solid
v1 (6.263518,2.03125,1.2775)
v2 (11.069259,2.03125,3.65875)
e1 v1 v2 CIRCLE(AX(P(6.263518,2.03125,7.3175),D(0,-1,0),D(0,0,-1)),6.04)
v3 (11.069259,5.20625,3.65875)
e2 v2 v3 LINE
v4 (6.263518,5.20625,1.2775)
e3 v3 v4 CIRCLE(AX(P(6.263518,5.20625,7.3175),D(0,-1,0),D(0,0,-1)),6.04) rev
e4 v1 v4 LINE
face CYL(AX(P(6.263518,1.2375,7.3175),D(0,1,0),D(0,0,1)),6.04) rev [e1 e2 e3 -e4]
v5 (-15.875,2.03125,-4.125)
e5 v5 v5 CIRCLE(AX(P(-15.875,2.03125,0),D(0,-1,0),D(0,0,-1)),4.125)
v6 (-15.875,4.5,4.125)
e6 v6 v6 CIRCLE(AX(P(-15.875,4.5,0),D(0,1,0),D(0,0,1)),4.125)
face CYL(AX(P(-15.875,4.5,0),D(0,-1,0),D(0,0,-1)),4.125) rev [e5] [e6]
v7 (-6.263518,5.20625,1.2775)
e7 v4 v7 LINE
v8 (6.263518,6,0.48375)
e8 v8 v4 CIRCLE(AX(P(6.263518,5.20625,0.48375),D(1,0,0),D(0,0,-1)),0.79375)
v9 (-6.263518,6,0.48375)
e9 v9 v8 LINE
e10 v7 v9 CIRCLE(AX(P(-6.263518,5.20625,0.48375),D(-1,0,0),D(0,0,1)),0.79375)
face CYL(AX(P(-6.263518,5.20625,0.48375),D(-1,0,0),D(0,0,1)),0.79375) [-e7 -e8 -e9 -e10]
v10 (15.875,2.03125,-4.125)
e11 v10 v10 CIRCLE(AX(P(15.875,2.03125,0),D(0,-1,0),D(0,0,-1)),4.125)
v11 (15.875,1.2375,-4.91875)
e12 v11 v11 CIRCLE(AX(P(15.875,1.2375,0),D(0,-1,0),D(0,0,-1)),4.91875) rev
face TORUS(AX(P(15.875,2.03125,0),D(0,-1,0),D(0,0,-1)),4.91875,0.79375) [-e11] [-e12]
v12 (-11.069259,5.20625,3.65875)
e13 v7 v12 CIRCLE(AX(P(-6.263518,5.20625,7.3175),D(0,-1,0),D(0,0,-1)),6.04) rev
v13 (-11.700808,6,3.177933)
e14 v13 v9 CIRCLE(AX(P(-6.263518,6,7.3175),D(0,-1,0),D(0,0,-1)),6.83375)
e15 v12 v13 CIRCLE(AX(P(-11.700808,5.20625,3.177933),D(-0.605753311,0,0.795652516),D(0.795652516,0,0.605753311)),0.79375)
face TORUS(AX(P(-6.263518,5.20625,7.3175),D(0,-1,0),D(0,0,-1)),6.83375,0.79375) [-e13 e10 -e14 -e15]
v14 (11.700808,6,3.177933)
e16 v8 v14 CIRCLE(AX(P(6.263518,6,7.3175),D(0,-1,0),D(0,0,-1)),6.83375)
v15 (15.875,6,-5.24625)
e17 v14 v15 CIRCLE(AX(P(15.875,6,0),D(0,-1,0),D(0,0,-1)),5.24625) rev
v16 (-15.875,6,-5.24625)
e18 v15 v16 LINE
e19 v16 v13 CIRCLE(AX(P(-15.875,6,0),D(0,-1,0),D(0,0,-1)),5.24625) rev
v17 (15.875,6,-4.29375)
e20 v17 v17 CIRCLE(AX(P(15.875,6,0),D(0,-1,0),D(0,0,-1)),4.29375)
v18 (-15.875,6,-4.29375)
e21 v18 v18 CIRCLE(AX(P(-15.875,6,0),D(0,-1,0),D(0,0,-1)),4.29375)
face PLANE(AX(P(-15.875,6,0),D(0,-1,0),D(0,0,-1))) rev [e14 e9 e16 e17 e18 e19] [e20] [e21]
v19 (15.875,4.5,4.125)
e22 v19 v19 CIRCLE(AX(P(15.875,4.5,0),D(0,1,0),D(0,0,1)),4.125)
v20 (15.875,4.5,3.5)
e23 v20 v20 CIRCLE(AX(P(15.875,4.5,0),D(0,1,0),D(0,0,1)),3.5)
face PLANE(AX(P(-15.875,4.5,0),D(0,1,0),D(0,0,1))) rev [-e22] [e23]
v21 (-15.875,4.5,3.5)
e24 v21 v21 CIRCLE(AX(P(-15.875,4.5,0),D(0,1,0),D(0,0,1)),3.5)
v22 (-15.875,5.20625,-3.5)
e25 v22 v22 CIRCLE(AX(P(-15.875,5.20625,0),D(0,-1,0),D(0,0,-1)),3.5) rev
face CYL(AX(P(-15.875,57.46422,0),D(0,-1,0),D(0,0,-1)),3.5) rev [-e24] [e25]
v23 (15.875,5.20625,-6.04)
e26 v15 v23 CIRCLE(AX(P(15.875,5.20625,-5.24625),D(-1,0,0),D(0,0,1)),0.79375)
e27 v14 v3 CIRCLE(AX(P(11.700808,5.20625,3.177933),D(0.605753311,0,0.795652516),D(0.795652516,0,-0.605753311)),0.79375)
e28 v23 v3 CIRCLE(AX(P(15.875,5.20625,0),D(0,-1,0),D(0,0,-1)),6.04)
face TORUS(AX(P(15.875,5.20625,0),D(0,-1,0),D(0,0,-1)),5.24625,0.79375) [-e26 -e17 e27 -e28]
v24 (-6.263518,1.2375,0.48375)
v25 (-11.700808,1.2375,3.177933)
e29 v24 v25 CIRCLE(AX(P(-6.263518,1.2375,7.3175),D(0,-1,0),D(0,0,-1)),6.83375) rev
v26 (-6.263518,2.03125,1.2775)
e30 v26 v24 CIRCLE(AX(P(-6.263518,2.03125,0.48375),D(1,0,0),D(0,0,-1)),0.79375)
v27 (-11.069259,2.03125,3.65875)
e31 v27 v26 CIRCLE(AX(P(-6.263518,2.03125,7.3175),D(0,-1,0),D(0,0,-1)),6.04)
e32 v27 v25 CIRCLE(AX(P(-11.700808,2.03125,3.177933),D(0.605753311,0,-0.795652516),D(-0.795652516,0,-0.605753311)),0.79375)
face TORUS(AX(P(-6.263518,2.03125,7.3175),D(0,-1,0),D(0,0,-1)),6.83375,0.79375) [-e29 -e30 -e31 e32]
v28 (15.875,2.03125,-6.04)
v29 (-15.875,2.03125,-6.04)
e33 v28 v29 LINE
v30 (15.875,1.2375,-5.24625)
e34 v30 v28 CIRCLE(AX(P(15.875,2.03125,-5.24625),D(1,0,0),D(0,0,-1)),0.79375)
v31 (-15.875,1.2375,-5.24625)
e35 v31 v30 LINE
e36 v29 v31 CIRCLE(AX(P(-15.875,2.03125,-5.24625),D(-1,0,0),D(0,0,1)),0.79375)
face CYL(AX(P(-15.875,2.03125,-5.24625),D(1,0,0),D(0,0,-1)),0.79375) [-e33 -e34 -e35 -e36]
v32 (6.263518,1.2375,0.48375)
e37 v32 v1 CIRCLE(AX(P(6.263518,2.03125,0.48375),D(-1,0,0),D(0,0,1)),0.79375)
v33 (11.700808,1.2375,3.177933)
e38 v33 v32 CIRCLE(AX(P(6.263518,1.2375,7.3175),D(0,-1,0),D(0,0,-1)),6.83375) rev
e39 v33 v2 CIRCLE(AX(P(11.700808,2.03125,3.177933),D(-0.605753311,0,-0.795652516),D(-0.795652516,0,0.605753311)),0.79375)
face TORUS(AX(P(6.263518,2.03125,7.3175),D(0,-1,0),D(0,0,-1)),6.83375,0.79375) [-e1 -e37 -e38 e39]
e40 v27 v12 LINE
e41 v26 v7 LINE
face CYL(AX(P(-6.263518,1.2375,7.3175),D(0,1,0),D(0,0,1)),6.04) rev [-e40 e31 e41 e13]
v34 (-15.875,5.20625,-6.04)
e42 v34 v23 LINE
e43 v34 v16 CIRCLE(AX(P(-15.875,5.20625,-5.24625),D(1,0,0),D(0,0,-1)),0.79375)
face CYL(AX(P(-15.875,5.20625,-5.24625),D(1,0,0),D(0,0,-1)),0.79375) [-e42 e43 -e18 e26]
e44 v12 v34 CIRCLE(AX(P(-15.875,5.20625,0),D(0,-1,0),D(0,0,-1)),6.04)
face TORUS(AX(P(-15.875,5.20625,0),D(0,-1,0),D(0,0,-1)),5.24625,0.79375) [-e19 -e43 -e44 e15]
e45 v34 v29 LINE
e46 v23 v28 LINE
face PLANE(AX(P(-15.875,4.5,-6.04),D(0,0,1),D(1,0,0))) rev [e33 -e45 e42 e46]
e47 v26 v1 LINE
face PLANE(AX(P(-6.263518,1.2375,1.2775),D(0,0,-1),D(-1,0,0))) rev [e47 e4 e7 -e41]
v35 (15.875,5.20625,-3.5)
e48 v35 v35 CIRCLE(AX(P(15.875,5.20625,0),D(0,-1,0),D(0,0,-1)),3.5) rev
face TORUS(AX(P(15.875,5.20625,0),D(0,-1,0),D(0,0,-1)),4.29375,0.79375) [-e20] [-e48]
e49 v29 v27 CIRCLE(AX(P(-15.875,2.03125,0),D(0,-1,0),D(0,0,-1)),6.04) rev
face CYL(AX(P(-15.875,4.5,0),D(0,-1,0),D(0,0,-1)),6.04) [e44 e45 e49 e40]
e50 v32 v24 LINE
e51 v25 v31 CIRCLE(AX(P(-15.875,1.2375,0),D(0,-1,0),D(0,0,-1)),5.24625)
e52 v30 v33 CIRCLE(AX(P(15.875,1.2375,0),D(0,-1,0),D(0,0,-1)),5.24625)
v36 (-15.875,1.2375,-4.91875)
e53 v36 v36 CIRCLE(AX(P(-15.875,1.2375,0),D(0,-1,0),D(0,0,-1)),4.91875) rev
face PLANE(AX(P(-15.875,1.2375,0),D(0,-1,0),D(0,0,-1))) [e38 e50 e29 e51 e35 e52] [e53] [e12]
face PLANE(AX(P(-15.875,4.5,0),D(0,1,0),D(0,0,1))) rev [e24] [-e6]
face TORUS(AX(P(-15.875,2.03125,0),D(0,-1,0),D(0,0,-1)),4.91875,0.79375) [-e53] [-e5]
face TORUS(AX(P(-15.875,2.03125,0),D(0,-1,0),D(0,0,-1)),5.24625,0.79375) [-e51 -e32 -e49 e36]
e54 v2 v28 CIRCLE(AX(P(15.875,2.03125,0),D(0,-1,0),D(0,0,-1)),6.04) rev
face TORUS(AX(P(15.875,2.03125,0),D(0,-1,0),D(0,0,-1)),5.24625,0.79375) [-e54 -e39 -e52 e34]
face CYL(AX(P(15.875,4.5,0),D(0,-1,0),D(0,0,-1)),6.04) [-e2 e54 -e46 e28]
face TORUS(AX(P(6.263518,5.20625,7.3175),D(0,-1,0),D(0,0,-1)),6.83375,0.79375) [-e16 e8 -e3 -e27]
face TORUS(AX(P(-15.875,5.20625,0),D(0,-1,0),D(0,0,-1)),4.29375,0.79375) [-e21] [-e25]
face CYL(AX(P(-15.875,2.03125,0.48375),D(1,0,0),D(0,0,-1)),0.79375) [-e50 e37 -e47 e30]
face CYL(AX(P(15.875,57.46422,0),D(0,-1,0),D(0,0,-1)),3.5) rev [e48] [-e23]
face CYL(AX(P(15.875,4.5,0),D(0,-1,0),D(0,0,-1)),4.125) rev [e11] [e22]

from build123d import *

# Parameters (mm, degrees)
SKETCH1_R           = 4.125
BOSS_EXTRUDE1_DEPTH = 4.5
SKETCH2_R           = 3.5
BOSS_EXTRUDE2_DEPTH = 1.5
CUT_EXTRUDE1_DEPTH  = 1.2375
CUT_EXTRUDE2_DEPTH  = 24.22563737
FILLET2_R           = 0.79375
FILLET3_R           = 0.79375


with BuildPart() as part:
    # Sketch1 → Boss-Extrude1 (new body)
    with BuildSketch(Plane(origin=(0, 0, 0), x_dir=(1, 0, 0), z_dir=(0, 1, 0))):
        with BuildLine():
            Line((-15.875, 6.04), (15.875, 6.04))
            ThreePointArc((15.875, 6.04), (21.915, 0), (15.875, -6.04))
            Line((15.875, -6.04), (-15.875, -6.04))
            ThreePointArc((-15.875, -6.04), (-21.915, 0), (-15.875, 6.04))
        make_face()
        with Locations(Location((-15.875, 0, 0), (0, 0, 270))):
            Circle(SKETCH1_R, mode=Mode.SUBTRACT)
        with Locations(Location((15.875, 0, 0), (0, 0, 270))):
            Circle(SKETCH1_R, mode=Mode.SUBTRACT)
    extrude(amount=BOSS_EXTRUDE1_DEPTH)

    # Sketch2 → Boss-Extrude2 (add)
    with BuildSketch(Plane(origin=(0, 4.5, 0), x_dir=(1, 0, 0), z_dir=(0, 1, 0))):
        with BuildLine():
            Line((-15.875, -6.04), (15.875, -6.04))
            ThreePointArc((15.875, -6.04), (21.915, 0), (15.875, 6.04))
            Line((15.875, 6.04), (-15.875, 6.04))
            ThreePointArc((-15.875, 6.04), (-21.915, 0), (-15.875, -6.04))
        make_face()
        with Locations(Location((-15.875, 0, 0), (0, 0, 90))):
            Circle(SKETCH2_R, mode=Mode.SUBTRACT)
        with Locations(Location((15.875, 0, 0), (0, 0, 90))):
            Circle(SKETCH2_R, mode=Mode.SUBTRACT)
    extrude(amount=BOSS_EXTRUDE2_DEPTH)

    # Sketch3 → Cut-Extrude1 (cut)
    with BuildSketch(Plane.XZ):
        with BuildLine():
            Line((15.875, 6.04), (-15.875, 6.04))
            ThreePointArc((-15.875, 6.04), (-21.915, 0), (-15.875, -6.04))
            Line((-15.875, -6.04), (15.875, -6.04))
            ThreePointArc((15.875, -6.04), (21.915, 0), (15.875, 6.04))
        make_face()
    extrude(amount=-CUT_EXTRUDE1_DEPTH, mode=Mode.SUBTRACT)

    # Sketch4 → Cut-Extrude2 (cut, through all)
    with BuildSketch(Plane(origin=(0, 6, 0), x_dir=(1, 0, 0), z_dir=(0, 1, 0))):
        with BuildLine():
            Line((-6.263517609, -1.2775), (6.263517609, -1.2775))
            ThreePointArc((6.263517609, -1.2775), (8.945191527, -1.905455562), (11.069258805, -3.65875))
            ThreePointArc((11.069258805, -3.65875), (13.193326082, -5.412044438), (15.875, -6.04))
            Line((15.875, -6.04), (-15.875, -6.04))
            ThreePointArc((-15.875, -6.04), (-13.193326082, -5.412044438), (-11.069258805, -3.65875))
            ThreePointArc((-11.069258805, -3.65875), (-8.945191527, -1.905455562), (-6.263517609, -1.2775))
        make_face()
    extrude(amount=-CUT_EXTRUDE2_DEPTH, mode=Mode.SUBTRACT)

    # Fillet2
    fillet2_edges = [part.edges().sort_by_distance(p)[0] for p in [
        (-15.875, 1.2375, -4.125),
        (15.875, 1.2375, -4.125),
        (21.915, 1.2375, 0),
        (0, 1.2375, -6.04),
        (-21.287044438, 1.2375, 2.681673918),
        (-8.945191527, 1.2375, 1.905455562),
        (0, 1.2375, 1.2775),
        (8.945191527, 1.2375, 1.905455562),
    ]]
    fillet(fillet2_edges, radius=FILLET2_R)

    # Fillet3
    fillet3_edges = [part.edges().sort_by_distance(p)[0] for p in [
        (-21.287044438, 6, 2.681673918),
        (21.915, 6, 0),
        (0, 6, -6.04),
        (15.875, 6, 3.5),
        (-15.875, 6, 3.5),
        (8.945191527, 6, 1.905455562),
        (0, 6, 1.2775),
        (-8.945191527, 6, 1.905455562),
    ]]
    fillet(fillet3_edges, radius=FILLET3_R)


solid = part.part
